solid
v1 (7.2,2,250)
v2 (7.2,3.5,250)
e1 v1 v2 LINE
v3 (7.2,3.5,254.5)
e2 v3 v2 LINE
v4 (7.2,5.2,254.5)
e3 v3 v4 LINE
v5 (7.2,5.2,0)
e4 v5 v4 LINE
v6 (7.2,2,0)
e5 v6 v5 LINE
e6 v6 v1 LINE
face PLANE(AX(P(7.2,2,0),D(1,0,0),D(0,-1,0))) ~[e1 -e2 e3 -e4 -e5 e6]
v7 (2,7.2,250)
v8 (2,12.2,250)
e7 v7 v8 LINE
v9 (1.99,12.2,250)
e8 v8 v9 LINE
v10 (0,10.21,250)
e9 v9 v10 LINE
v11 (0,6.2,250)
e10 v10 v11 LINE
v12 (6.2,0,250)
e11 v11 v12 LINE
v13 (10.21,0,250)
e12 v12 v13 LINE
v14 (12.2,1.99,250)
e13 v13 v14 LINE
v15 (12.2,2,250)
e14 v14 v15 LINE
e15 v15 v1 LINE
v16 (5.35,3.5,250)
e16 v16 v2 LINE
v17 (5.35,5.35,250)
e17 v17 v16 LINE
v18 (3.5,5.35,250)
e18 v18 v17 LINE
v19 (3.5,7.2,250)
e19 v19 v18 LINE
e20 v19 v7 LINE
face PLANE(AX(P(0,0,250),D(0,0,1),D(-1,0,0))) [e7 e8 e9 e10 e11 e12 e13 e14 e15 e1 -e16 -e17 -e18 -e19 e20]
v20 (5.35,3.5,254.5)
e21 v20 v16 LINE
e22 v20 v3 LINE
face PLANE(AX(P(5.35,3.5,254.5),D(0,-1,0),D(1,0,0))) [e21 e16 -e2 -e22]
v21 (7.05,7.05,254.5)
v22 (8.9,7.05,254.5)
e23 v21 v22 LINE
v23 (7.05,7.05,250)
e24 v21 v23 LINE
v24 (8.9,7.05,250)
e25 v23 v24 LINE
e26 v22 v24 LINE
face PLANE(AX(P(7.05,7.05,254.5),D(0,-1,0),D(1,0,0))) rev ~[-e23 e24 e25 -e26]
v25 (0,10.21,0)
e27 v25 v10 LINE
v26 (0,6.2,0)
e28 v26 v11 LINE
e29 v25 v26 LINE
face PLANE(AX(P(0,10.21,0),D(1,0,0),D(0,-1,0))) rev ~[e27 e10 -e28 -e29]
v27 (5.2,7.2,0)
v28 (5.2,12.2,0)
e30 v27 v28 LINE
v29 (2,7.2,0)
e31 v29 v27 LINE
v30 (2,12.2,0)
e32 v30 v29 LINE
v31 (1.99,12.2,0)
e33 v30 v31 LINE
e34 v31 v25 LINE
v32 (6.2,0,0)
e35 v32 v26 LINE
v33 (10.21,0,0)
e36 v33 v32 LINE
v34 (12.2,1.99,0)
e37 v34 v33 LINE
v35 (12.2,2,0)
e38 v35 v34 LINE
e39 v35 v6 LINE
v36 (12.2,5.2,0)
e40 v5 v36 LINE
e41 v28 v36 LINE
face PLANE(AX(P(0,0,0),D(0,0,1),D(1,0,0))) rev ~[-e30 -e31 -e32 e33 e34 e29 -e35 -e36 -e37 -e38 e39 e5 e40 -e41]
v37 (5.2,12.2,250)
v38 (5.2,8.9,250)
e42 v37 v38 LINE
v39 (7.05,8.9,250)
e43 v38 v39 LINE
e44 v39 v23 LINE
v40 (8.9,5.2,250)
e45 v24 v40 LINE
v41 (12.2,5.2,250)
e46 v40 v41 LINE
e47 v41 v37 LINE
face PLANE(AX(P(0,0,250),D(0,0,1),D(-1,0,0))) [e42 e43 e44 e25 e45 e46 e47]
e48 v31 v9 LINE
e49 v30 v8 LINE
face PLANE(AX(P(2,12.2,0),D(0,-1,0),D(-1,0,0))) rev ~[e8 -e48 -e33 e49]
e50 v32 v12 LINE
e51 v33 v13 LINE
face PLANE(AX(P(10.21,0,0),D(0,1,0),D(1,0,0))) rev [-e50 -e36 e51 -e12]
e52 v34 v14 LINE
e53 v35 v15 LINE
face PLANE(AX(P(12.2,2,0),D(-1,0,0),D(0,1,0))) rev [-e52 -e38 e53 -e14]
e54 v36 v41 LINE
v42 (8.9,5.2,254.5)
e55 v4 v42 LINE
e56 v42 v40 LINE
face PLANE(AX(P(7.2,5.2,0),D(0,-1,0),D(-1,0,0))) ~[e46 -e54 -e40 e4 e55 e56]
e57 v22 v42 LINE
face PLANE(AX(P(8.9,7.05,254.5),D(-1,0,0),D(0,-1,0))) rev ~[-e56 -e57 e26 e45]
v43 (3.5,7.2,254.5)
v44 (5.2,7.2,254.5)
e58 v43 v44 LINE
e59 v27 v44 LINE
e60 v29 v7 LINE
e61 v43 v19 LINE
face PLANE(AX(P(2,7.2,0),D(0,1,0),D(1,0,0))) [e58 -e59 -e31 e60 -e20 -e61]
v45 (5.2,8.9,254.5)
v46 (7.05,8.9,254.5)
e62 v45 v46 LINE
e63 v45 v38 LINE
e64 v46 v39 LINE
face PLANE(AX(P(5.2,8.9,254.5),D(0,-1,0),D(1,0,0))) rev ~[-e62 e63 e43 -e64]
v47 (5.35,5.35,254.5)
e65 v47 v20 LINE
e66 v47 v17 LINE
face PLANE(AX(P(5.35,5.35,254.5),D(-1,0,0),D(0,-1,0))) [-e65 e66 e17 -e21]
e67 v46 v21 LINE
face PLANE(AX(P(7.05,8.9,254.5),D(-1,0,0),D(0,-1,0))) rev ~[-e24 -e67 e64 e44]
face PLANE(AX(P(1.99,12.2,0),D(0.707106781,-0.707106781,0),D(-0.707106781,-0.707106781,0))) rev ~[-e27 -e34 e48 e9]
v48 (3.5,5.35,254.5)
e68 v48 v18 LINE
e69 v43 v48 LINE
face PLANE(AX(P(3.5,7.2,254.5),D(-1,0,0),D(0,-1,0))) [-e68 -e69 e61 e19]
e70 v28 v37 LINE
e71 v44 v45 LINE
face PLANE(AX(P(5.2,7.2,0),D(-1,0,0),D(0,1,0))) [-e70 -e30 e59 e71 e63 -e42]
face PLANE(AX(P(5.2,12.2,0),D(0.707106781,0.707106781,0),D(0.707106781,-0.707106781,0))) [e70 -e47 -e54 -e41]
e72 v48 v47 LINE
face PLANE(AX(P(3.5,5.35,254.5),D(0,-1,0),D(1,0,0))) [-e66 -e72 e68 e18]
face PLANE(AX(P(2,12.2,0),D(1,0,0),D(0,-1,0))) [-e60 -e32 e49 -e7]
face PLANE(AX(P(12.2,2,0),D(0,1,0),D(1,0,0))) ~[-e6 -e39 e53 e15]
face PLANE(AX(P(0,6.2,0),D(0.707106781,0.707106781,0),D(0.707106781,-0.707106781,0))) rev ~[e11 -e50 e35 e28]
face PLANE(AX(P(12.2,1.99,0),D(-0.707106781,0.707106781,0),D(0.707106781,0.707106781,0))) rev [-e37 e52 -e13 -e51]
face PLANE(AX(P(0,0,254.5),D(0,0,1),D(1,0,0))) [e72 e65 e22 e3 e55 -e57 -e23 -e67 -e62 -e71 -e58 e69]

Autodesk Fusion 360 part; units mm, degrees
sketch "Esquisse1" plane through (0, 0, 0) normal (0, 0, 1) x (1, 0, 0)
  line L0 (2, 12.2) -> (2, 7.2)
  line L1 (2, 7.2) -> (5.2, 7.2)
  line L2 (5.2, 7.2) -> (5.2, 12.2)
  line L3 (2, 12.2) -> (1.99, 12.2)
  line L4 (0, 0) -> (10.6066, 10.6066)
  line L5 (0, 0) -> (15, 0) construction
  line L6 (0, 10.21) -> (0, 6.2)
  line L7 (0, 6.2) -> (3.1, 3.1)
  line L8 (5.2, 12.2) -> (8.7, 8.7)
  line L9 (1.99, 12.2) -> (0, 10.21)
  point P0 (0, 12.2)
  dimension "d1" = 5
  dimension "d2" = 3.2
  dimension "d5" = 7.2
  dimension "d6" = 45
  dimension "d7" = 15
  dimension "d8" = 6
  dimension "d9" = 2
  dimension "d15" = 1.99
  dimension "d16" = 1.99
extrude "Extrusion1" add sketch "Esquisse1" along normal blind 254.5 makes body 1
mirror "Symétrie miroir1" about plane through (3.1, 3.1, 0) normal (-0.7071, 0.7071, 0) of bodies 1 merged
sketch "Esquisse4" plane through (0, 0, 254.5) normal (0, 0, 1) x (-1, 0, 0)
  line L0 (-2, -12.2) -> (-1.99, -12.2)
  line L1 (-1.99, -12.2) -> (0, -10.21)
  line L2 (0, -10.21) -> (0, -6.2)
  line L3 (0, -6.2) -> (-6.2, 0)
  line L4 (-6.2, 0) -> (-10.21, 0)
  line L5 (-10.21, 0) -> (-12.2, -1.99)
  line L6 (-12.2, -1.99) -> (-12.2, -2)
  line L7 (-12.2, -2) -> (-7.2, -2)
  line L8 (-7.2, -2) -> (-7.2, -5.2)
  line L9 (-7.2, -5.2) -> (-12.2, -5.2)
  line L10 (-12.2, -5.2) -> (-5.2, -12.2)
  line L11 (-5.2, -12.2) -> (-5.2, -7.2)
  line L12 (-5.2, -7.2) -> (-2, -7.2)
  line L13 (-2, -7.2) -> (-2, -12.2)
  line L14 (-5.2, -8.9) -> (-7.05, -8.9)
  line L15 (-7.05, -8.9) -> (-7.05, -7.05)
  line L16 (-7.05, -7.05) -> (-8.9, -7.05)
  line L17 (-8.9, -7.05) -> (-8.9, -5.2)
  line L18 (-5.2, -7.2) -> (-7.2, -5.2)
  line L19 (-3.5, -7.2) -> (-3.5, -5.35)
  line L20 (-3.5, -5.35) -> (-5.35, -5.35)
  line L21 (-5.35, -5.35) -> (-5.35, -3.5)
  line L22 (-5.35, -3.5) -> (-7.2, -3.5)
  point P0 (-7.2, -5.2)
  point P1 (-5.2, -7.2)
  point P2 (-7.2, -5.2)
  point P3 (-5.2, -7.2)
  dimension "d23" = 1.85
extrude "Extrusion3" cut sketch "Esquisse4" against normal blind 4.5 contours L0 L1 L2 L3 L4 L5 L6 L7 L8 L12 L13 L19 L20 L21 L22 | L9 L10 L11 L14 L15 L16 L17 bodies 1
copy_body "Corps->Comp2" bodies 1 removing the originals makes body 2 in component "Component"
component "Component" placed x (1, 0, 0) y (0, 1, 0) z (0, 0, 1) at (0, 0, 0)
equation "d5 = d2 + 2 * d9"
equation "d8 = d1 + 1 mm"
equation "d16 = d15"
